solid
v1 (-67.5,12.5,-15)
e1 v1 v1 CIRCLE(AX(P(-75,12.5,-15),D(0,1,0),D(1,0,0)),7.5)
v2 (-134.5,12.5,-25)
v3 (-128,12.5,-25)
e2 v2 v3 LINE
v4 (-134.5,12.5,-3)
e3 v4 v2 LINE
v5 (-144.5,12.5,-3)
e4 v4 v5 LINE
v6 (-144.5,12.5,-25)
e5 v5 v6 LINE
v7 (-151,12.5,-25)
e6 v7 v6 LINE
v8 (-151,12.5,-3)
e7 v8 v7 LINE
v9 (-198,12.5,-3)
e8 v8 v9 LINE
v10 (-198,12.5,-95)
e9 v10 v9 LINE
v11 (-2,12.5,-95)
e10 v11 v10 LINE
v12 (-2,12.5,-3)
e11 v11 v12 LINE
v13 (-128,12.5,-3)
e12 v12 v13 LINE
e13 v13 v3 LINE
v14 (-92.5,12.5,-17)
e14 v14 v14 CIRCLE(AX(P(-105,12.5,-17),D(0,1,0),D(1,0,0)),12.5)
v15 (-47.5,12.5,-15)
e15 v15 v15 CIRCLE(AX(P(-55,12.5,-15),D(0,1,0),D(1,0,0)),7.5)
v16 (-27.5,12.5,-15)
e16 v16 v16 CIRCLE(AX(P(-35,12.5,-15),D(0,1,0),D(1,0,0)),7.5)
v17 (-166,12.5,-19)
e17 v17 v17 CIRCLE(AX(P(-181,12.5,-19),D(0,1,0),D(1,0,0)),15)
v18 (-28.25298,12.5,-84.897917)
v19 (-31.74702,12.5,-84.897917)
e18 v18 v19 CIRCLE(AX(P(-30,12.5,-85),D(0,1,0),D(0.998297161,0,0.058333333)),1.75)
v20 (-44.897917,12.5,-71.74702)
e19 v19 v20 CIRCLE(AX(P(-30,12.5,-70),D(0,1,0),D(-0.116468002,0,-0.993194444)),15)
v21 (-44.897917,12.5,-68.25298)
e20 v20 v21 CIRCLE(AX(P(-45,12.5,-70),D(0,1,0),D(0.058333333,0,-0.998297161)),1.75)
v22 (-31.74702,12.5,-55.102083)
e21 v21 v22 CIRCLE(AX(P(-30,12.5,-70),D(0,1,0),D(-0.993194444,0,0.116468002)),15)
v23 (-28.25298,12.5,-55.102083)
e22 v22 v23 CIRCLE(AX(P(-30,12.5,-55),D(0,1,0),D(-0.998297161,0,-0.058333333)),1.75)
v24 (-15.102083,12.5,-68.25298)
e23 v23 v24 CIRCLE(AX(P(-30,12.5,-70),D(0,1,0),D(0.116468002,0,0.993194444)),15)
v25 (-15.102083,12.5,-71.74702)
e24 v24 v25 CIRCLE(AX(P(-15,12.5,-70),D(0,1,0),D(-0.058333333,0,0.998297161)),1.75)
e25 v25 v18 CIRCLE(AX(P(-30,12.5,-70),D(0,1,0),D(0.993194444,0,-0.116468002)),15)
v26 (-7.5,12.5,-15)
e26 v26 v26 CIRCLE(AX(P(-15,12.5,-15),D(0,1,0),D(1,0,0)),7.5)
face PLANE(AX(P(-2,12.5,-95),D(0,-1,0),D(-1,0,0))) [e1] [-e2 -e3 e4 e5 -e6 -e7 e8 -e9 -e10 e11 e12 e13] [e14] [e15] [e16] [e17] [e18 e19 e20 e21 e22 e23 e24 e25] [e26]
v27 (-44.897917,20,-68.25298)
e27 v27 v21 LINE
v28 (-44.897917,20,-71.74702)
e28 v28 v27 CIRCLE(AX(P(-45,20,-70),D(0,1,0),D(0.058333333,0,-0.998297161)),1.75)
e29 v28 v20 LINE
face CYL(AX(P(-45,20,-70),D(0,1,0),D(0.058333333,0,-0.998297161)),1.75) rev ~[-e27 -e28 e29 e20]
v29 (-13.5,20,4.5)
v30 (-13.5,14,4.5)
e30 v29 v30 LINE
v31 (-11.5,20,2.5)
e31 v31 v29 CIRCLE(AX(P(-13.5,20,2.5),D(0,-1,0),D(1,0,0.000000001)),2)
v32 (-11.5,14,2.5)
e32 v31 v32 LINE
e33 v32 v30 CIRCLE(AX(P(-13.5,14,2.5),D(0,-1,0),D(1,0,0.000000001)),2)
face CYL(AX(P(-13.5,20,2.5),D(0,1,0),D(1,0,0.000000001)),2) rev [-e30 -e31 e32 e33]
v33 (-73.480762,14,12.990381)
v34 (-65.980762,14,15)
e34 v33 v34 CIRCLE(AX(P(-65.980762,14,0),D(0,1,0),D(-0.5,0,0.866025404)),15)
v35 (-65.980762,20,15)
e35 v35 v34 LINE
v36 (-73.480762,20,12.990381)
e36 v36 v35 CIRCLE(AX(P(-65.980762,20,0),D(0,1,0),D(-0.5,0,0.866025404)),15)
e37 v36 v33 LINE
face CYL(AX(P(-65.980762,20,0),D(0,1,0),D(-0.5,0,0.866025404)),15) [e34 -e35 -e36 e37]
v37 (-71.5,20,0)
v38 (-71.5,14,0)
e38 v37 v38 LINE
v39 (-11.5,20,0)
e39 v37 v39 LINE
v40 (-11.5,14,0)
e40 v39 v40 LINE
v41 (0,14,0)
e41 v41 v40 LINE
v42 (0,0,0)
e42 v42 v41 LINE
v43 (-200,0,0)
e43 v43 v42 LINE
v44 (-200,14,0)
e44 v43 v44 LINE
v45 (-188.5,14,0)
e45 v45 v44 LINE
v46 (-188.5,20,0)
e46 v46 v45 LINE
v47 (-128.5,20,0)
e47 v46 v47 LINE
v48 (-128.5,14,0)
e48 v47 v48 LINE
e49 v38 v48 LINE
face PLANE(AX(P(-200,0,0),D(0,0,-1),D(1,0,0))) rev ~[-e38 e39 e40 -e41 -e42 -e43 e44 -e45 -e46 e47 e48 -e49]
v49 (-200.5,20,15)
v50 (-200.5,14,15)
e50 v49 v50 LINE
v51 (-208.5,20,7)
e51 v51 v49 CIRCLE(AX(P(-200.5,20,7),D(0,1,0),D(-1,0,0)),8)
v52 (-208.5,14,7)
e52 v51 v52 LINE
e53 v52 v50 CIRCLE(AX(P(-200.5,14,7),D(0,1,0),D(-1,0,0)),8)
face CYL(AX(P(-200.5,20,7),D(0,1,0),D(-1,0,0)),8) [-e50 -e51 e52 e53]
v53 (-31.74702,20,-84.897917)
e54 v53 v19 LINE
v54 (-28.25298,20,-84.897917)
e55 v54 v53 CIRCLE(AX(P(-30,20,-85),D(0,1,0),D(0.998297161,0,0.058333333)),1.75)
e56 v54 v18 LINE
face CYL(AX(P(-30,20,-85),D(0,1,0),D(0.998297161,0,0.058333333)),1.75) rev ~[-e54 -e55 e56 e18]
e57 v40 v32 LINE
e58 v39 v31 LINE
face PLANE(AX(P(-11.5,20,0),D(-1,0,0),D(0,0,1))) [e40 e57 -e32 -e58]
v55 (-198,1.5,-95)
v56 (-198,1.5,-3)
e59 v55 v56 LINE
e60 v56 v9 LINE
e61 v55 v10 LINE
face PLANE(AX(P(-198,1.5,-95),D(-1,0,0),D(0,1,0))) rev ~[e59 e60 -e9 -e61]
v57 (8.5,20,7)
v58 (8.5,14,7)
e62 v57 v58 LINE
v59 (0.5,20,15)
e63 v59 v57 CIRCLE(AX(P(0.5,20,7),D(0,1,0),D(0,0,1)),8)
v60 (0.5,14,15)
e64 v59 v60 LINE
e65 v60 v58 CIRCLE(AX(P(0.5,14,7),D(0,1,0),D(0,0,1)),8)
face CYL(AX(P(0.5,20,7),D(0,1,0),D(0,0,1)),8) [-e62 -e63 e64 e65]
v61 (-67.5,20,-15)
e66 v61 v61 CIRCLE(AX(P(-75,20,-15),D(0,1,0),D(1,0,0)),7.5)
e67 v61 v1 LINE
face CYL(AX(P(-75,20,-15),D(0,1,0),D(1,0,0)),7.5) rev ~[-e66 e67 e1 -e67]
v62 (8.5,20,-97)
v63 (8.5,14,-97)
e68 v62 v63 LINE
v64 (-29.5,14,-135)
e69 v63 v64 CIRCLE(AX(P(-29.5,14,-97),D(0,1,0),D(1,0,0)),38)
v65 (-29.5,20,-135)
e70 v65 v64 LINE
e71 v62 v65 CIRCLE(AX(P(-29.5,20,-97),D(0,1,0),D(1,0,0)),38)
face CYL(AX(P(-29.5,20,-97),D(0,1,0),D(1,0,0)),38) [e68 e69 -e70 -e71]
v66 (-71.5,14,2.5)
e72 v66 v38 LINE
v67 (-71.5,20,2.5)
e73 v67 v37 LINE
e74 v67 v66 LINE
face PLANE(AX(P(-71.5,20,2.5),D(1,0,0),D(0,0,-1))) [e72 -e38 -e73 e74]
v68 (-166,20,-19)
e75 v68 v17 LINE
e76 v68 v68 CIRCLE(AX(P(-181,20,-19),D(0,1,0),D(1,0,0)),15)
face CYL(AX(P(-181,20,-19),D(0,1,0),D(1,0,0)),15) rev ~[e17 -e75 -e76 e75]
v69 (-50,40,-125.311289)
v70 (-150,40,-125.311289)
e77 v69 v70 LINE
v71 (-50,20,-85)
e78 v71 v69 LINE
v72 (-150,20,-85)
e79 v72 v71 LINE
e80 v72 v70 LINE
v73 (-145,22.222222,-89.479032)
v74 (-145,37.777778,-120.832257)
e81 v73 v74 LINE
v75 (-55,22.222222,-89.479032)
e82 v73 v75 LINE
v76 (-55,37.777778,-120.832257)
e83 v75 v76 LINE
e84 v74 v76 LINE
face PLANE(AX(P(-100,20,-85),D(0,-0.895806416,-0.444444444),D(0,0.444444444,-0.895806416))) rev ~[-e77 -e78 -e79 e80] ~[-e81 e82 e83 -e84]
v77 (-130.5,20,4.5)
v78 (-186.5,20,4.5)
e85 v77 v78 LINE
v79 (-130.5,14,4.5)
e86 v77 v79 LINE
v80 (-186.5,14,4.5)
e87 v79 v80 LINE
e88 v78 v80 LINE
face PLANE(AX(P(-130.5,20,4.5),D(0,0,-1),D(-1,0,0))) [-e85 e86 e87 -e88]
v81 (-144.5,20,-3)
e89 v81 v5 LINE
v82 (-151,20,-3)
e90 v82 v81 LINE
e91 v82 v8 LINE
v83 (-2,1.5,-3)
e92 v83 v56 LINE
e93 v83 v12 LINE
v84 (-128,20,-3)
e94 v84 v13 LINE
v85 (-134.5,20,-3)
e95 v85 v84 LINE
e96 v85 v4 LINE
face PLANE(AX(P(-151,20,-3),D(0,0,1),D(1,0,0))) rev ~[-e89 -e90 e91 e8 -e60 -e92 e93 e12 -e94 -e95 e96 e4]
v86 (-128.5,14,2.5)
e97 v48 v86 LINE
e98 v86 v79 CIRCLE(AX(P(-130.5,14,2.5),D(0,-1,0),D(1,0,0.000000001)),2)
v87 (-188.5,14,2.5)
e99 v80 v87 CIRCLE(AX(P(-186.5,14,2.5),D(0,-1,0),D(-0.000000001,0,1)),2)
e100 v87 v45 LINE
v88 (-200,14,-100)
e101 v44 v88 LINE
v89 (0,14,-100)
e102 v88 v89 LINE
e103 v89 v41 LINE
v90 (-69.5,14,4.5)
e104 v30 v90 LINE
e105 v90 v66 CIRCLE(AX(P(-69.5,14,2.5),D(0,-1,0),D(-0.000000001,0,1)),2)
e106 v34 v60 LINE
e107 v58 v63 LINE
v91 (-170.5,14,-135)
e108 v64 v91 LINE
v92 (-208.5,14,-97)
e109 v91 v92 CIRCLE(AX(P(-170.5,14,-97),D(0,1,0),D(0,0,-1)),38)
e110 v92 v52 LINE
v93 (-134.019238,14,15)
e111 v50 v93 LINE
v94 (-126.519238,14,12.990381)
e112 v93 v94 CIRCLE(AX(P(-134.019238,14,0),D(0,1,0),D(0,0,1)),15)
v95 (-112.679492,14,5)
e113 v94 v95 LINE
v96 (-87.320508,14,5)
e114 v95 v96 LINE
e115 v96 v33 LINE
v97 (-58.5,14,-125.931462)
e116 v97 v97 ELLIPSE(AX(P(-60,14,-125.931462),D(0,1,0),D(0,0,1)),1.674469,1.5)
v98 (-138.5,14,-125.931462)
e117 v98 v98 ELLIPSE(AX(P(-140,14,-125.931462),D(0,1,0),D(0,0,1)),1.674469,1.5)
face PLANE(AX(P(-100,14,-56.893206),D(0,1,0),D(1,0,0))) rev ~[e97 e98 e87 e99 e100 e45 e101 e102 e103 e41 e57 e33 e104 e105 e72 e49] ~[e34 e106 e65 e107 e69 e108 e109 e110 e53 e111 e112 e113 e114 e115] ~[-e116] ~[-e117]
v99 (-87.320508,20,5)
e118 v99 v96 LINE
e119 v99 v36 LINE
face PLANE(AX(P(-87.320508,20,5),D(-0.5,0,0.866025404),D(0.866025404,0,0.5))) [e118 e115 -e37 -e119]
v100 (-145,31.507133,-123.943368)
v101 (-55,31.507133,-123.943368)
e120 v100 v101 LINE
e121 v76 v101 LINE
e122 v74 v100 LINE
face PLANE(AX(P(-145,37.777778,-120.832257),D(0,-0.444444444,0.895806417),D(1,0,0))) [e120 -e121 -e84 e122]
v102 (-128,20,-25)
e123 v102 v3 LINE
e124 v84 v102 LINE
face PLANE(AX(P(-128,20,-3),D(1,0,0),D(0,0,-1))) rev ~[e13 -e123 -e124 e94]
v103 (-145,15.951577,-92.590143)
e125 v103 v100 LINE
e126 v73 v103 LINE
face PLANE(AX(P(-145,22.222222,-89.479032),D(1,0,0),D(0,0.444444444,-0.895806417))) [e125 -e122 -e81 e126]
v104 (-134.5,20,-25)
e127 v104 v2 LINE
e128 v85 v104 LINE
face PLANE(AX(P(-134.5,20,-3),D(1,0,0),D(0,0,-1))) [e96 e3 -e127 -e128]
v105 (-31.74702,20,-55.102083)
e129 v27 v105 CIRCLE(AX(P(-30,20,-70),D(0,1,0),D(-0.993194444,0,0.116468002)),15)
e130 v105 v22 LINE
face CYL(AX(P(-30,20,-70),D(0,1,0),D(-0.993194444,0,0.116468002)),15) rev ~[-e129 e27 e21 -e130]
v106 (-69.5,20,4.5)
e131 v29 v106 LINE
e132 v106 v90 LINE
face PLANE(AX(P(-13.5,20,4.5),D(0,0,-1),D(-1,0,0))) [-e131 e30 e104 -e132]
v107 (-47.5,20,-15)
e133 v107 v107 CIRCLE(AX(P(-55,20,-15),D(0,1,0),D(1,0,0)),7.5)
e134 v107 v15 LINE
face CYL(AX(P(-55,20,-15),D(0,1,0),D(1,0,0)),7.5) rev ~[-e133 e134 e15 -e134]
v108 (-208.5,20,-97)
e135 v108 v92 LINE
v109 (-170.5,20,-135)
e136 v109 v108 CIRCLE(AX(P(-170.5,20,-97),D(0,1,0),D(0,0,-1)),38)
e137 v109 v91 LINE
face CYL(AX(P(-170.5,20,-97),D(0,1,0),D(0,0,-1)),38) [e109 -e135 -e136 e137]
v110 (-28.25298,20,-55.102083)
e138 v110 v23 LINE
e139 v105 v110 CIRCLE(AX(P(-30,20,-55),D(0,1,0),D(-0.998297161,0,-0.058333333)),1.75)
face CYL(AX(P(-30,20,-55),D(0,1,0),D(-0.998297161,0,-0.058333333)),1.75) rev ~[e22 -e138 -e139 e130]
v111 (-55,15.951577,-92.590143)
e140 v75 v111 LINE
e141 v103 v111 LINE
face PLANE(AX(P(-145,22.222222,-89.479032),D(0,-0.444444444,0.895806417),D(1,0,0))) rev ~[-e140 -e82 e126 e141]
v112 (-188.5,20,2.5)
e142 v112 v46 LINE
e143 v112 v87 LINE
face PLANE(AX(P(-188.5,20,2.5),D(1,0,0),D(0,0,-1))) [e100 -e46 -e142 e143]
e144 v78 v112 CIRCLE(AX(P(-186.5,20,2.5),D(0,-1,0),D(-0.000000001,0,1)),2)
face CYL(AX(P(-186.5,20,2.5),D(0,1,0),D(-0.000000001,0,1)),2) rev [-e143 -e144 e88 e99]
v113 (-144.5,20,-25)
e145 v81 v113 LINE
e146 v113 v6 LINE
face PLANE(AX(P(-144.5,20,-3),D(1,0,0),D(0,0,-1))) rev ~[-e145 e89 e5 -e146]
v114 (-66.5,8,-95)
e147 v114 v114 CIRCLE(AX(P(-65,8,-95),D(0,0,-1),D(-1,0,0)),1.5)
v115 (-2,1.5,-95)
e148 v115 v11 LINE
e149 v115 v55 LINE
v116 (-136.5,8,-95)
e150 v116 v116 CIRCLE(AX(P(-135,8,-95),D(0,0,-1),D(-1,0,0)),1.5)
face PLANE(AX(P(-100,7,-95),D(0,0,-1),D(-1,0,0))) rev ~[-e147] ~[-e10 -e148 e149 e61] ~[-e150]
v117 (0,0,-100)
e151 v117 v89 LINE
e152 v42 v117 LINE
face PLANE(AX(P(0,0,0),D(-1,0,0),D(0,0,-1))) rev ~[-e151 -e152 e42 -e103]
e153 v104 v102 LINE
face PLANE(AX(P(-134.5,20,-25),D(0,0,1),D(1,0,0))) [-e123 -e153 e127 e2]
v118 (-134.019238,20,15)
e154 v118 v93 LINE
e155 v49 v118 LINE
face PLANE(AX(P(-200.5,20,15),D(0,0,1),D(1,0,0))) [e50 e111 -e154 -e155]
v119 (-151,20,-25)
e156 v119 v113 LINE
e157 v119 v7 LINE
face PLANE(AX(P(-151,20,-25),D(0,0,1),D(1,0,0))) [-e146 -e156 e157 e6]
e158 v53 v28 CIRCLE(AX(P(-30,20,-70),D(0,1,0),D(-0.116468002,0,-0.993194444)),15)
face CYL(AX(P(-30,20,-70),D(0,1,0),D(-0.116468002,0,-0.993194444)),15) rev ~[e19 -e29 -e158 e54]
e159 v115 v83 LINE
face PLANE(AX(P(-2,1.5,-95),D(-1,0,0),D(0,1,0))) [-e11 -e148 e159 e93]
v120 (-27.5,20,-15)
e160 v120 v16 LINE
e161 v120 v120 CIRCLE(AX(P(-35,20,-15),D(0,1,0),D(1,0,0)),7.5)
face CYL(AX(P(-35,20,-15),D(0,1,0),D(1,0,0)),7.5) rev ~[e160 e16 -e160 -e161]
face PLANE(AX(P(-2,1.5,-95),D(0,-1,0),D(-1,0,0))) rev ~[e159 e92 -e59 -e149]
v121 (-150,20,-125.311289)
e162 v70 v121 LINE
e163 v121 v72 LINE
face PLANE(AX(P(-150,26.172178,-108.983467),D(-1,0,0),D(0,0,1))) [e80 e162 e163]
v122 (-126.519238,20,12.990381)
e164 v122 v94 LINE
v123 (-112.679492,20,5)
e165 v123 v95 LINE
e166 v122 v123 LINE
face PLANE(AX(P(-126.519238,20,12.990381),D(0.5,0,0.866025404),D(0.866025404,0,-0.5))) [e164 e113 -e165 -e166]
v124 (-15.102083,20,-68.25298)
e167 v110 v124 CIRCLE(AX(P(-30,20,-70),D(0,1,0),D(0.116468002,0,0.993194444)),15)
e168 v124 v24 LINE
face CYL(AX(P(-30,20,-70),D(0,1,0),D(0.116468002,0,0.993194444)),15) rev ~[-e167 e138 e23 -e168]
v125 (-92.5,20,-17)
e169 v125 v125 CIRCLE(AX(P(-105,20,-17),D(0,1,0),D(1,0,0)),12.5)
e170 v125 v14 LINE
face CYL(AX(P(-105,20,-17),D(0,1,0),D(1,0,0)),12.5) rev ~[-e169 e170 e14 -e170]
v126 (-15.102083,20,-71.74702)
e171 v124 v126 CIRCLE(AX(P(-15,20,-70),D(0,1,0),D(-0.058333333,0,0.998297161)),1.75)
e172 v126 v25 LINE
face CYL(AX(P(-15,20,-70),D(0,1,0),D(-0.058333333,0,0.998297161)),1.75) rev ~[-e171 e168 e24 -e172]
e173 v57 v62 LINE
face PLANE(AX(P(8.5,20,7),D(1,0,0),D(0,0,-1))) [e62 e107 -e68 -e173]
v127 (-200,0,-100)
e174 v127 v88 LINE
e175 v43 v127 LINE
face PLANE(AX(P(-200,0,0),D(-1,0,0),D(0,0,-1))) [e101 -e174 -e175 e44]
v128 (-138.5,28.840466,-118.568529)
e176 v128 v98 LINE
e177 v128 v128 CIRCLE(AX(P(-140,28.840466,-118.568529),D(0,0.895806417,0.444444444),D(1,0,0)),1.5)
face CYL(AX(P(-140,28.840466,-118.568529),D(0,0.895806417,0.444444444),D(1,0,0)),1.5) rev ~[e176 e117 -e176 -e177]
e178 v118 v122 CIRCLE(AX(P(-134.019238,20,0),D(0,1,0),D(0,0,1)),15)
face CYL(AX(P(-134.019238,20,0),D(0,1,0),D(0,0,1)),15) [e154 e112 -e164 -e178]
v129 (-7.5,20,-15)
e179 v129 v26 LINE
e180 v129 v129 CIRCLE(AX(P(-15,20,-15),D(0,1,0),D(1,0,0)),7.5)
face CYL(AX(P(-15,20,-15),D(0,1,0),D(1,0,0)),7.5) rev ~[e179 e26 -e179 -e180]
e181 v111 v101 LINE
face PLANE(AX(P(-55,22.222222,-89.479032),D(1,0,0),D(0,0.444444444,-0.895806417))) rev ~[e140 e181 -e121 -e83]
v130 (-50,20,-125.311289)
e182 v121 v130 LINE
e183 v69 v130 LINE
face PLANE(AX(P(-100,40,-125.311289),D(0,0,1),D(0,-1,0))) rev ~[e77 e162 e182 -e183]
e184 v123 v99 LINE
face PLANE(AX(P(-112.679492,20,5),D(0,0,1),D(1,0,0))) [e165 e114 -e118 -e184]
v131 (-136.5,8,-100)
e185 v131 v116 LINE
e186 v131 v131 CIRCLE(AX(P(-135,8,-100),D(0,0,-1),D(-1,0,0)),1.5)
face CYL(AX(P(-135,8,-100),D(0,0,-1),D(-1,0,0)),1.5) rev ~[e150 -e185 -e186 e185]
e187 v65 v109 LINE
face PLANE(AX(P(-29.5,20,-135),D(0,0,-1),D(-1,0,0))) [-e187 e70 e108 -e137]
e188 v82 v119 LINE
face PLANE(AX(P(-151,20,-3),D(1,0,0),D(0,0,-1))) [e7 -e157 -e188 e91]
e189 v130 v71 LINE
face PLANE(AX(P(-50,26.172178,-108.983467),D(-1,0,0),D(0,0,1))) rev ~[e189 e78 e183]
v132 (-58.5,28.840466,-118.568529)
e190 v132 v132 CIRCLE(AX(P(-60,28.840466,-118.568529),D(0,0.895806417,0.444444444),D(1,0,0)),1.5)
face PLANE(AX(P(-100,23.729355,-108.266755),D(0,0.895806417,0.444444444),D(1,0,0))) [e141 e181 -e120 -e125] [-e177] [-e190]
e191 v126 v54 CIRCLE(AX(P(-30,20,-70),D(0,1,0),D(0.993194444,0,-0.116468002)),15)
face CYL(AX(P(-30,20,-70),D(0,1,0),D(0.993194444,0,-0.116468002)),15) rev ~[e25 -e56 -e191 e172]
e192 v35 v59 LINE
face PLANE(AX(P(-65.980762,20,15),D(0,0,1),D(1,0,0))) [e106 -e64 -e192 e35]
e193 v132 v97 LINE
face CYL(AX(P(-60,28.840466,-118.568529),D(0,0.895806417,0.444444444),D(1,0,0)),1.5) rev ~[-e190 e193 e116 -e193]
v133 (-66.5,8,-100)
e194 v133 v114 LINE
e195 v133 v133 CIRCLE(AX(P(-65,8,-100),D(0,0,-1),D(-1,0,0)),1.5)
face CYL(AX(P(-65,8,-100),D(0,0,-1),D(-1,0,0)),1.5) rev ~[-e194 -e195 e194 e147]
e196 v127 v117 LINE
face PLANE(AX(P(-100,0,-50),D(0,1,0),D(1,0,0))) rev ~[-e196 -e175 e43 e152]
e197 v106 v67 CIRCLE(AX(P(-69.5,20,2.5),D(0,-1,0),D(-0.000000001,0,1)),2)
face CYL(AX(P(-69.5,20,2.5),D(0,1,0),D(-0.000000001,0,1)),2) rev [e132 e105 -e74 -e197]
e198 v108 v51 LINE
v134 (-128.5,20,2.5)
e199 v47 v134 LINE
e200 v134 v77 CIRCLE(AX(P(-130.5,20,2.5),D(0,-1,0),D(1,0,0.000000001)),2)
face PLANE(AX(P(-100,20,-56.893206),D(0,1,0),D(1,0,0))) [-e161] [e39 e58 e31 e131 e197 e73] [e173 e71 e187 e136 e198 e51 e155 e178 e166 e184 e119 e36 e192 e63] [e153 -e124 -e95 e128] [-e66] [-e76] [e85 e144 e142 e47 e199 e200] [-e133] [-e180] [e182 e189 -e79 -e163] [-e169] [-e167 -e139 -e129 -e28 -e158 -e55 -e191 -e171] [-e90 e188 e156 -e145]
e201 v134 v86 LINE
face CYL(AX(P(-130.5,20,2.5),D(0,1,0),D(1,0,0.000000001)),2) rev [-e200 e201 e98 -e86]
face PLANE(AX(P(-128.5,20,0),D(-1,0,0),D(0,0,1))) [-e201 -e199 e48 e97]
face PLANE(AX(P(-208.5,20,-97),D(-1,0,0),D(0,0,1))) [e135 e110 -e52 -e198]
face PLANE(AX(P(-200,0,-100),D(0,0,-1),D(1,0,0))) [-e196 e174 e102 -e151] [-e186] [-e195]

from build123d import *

# Parameters (mm, degrees)
IZIM2_W                     = 200
IZIM2_H                     = 100
Y_KSEKLIK_EKSTR_ZYON1_DEPTH = 20
IZIM3_R                     = 7.5
IZIM3_R_2                   = 12.5
IZIM3_R_3                   = 15
IZIM3_W                     = 6.5
IZIM3_H                     = 22
KES_EKSTR_ZYON11_DEPTH      = 12
Y_KSEKLIK_EKSTR_ZYON2_DEPTH = 6
Y_KSEKLIK_EKSTR_ZYON3_DEPTH = 50
IZIM9_W                     = 90
IZIM9_H                     = 35
KES_EKSTR_ZYON12_DEPTH      = 7
IZIM12_R                    = 1.5
KES_EKSTR_ZYON14_DEPTH      = 34.138350552
IZIM15_W                    = 196
IZIM15_H                    = 11
KES_EKSTR_ZYON15_DEPTH      = 92
IZIM16_R                    = 1.5
KES_EKSTR_ZYON16_DEPTH      = 10


with BuildPart() as part:
    # Çizim2 → Yükseklik-Ekstrüzyon1 (new body)
    with BuildSketch(Plane(origin=(0, 0, 0), x_dir=(1, 0, 0), z_dir=(0, 1, 0))):
        with Locations((-100, 50)):
            Rectangle(IZIM2_W, IZIM2_H)
    extrude(amount=Y_KSEKLIK_EKSTR_ZYON1_DEPTH)

    # Çizim3 → Kes-Ekstrüzyon11 (cut)
    with BuildSketch(Plane(origin=(0, 20, 0), x_dir=(1, 0, 0), z_dir=(0, 1, 0))):
        with Locations((-15, 15)):
            Circle(IZIM3_R)
        with Locations((-35, 15)):
            Circle(IZIM3_R)
        with Locations((-55, 15)):
            Circle(IZIM3_R)
        with Locations((-75, 15)):
            Circle(IZIM3_R)
        with Locations((-105, 17)):
            Circle(IZIM3_R_2)
        with Locations((-181, 19)):
            Circle(IZIM3_R_3)
        with Locations((-147.75, 14)):
            Rectangle(IZIM3_W, IZIM3_H)
        with Locations((-131.25, 14)):
            Rectangle(IZIM3_W, IZIM3_H)
        with BuildLine():
            ThreePointArc((-44.897916667, 68.252979968), (-40.606601718, 59.393398282), (-31.747020032, 55.102083333))
            ThreePointArc((-31.747020032, 55.102083333), (-30, 53.25), (-28.252979968, 55.102083333))
            ThreePointArc((-28.252979968, 55.102083333), (-19.393398282, 59.393398282), (-15.102083333, 68.252979968))
            ThreePointArc((-15.102083333, 68.252979968), (-13.25, 70), (-15.102083333, 71.747020032))
            ThreePointArc((-15.102083333, 71.747020032), (-19.393398282, 80.606601718), (-28.252979968, 84.897916667))
            ThreePointArc((-28.252979968, 84.897916667), (-30, 86.75), (-31.747020032, 84.897916667))
            ThreePointArc((-31.747020032, 84.897916667), (-40.606601718, 80.606601718), (-44.897916667, 71.747020032))
            ThreePointArc((-44.897916667, 71.747020032), (-46.75, 70), (-44.897916667, 68.252979968))
        make_face()
    extrude(amount=-KES_EKSTR_ZYON11_DEPTH, mode=Mode.SUBTRACT)

    # Çizim7 → Yükseklik-Ekstrüzyon2 (add)
    with BuildSketch(Plane(origin=(0, 20, 0), x_dir=(1, 0, 0), z_dir=(0, 1, 0))):
        with BuildLine():
            Line((-112.679491924, -5), (-87.320508076, -5))
            Line((-87.320508076, -5), (-73.480762114, -12.990381057))
            ThreePointArc((-73.480762114, -12.990381057), (-69.86304779, -14.488887394), (-65.980762114, -15))
            Line((-65.980762114, -15), (0.5, -15))
            ThreePointArc((0.5, -15), (6.156854249, -12.656854249), (8.5, -7))
            Line((8.5, -7), (8.5, 97))
            ThreePointArc((8.5, 97), (-2.629942315, 123.870057685), (-29.5, 135))
            Line((-29.5, 135), (-170.5, 135))
            ThreePointArc((-170.5, 135), (-197.370057685, 123.870057685), (-208.5, 97))
            Line((-208.5, 97), (-208.5, -7))
            ThreePointArc((-208.5, -7), (-206.156854249, -12.656854249), (-200.5, -15))
            Line((-200.5, -15), (-134.019237886, -15))
            ThreePointArc((-134.019237886, -15), (-130.13695221, -14.488887394), (-126.519237886, -12.990381057))
            Line((-126.519237886, -12.990381057), (-112.679491924, -5))
        make_face()
        with BuildLine():
            Line((-71.5, 0), (-128.5, 0))
            Line((-128.5, 0), (-128.5, -2.5))
            ThreePointArc((-128.5, -2.5), (-129.085786438, -3.914213562), (-130.5, -4.5))
            Line((-130.5, -4.5), (-186.5, -4.5))
            ThreePointArc((-186.5, -4.5), (-187.914213562, -3.914213562), (-188.5, -2.5))
            Line((-188.5, -2.5), (-188.5, 0))
            Line((-188.5, 0), (-200, 0))
            Line((-200, 0), (-200, 100))
            Line((-200, 100), (0, 100))
            Line((0, 100), (0, 0))
            Line((0, 0), (-11.5, 0))
            Line((-11.5, 0), (-11.5, -2.5))
            ThreePointArc((-11.5, -2.5), (-12.085786438, -3.914213562), (-13.5, -4.5))
            Line((-13.5, -4.5), (-69.5, -4.5))
            ThreePointArc((-69.5, -4.5), (-70.914213562, -3.914213562), (-71.5, -2.5))
            Line((-71.5, -2.5), (-71.5, 0))
        make_face(mode=Mode.SUBTRACT)
    extrude(amount=-Y_KSEKLIK_EKSTR_ZYON2_DEPTH)

    # Çizim8 → Yükseklik-Ekstrüzyon3 (add, symmetric)
    with BuildSketch(Plane(origin=(-100, 0, 0), x_dir=(0, 0, -1), z_dir=(1, 0, 0))):
        Polygon((85, 20), (125.311288741, 40), (125.311288741, 20), align=None)
    extrude(amount=Y_KSEKLIK_EKSTR_ZYON3_DEPTH, both=True)

    # Çizim9 → Kes-Ekstrüzyon12 (cut)
    with BuildSketch(Plane(origin=(0, -17.792193018, -8.827399755), x_dir=(1, 0, 0), z_dir=(0, 0.895806416, 0.444444444))):
        with Locations((-100, 107.532434289)):
            Rectangle(IZIM9_W, IZIM9_H)
    extrude(amount=-KES_EKSTR_ZYON12_DEPTH, mode=Mode.SUBTRACT)

    # Çizim12 → Kes-Ekstrüzyon14 (cut, through all)
    with BuildSketch(Plane(origin=(0, -24.062837933, -11.938510866), x_dir=(1, 0, 0), z_dir=(0, 0.895806416, 0.444444444))):
        with Locations((-140, 119.032434289)):
            Circle(IZIM12_R)
        with Locations((-60, 119.032434289)):
            Circle(IZIM12_R)
    extrude(amount=-KES_EKSTR_ZYON14_DEPTH, mode=Mode.SUBTRACT)

    # Çizim15 → Kes-Ekstrüzyon15 (cut)
    with BuildSketch(Plane(origin=(0, 0, -95), x_dir=(-1, 0, 0), z_dir=(0, 0, -1))):
        with Locations((100, 7)):
            Rectangle(IZIM15_W, IZIM15_H)
    extrude(amount=-KES_EKSTR_ZYON15_DEPTH, mode=Mode.SUBTRACT)

    # Çizim16 → Kes-Ekstrüzyon16 (cut)
    with BuildSketch(Plane(origin=(0, 0, -100), x_dir=(-1, 0, 0), z_dir=(0, 0, -1))):
        with Locations((65, 8)):
            Circle(IZIM16_R)
        with Locations((135, 8)):
            Circle(IZIM16_R)
    extrude(amount=-KES_EKSTR_ZYON16_DEPTH, mode=Mode.SUBTRACT)


solid = part.part
